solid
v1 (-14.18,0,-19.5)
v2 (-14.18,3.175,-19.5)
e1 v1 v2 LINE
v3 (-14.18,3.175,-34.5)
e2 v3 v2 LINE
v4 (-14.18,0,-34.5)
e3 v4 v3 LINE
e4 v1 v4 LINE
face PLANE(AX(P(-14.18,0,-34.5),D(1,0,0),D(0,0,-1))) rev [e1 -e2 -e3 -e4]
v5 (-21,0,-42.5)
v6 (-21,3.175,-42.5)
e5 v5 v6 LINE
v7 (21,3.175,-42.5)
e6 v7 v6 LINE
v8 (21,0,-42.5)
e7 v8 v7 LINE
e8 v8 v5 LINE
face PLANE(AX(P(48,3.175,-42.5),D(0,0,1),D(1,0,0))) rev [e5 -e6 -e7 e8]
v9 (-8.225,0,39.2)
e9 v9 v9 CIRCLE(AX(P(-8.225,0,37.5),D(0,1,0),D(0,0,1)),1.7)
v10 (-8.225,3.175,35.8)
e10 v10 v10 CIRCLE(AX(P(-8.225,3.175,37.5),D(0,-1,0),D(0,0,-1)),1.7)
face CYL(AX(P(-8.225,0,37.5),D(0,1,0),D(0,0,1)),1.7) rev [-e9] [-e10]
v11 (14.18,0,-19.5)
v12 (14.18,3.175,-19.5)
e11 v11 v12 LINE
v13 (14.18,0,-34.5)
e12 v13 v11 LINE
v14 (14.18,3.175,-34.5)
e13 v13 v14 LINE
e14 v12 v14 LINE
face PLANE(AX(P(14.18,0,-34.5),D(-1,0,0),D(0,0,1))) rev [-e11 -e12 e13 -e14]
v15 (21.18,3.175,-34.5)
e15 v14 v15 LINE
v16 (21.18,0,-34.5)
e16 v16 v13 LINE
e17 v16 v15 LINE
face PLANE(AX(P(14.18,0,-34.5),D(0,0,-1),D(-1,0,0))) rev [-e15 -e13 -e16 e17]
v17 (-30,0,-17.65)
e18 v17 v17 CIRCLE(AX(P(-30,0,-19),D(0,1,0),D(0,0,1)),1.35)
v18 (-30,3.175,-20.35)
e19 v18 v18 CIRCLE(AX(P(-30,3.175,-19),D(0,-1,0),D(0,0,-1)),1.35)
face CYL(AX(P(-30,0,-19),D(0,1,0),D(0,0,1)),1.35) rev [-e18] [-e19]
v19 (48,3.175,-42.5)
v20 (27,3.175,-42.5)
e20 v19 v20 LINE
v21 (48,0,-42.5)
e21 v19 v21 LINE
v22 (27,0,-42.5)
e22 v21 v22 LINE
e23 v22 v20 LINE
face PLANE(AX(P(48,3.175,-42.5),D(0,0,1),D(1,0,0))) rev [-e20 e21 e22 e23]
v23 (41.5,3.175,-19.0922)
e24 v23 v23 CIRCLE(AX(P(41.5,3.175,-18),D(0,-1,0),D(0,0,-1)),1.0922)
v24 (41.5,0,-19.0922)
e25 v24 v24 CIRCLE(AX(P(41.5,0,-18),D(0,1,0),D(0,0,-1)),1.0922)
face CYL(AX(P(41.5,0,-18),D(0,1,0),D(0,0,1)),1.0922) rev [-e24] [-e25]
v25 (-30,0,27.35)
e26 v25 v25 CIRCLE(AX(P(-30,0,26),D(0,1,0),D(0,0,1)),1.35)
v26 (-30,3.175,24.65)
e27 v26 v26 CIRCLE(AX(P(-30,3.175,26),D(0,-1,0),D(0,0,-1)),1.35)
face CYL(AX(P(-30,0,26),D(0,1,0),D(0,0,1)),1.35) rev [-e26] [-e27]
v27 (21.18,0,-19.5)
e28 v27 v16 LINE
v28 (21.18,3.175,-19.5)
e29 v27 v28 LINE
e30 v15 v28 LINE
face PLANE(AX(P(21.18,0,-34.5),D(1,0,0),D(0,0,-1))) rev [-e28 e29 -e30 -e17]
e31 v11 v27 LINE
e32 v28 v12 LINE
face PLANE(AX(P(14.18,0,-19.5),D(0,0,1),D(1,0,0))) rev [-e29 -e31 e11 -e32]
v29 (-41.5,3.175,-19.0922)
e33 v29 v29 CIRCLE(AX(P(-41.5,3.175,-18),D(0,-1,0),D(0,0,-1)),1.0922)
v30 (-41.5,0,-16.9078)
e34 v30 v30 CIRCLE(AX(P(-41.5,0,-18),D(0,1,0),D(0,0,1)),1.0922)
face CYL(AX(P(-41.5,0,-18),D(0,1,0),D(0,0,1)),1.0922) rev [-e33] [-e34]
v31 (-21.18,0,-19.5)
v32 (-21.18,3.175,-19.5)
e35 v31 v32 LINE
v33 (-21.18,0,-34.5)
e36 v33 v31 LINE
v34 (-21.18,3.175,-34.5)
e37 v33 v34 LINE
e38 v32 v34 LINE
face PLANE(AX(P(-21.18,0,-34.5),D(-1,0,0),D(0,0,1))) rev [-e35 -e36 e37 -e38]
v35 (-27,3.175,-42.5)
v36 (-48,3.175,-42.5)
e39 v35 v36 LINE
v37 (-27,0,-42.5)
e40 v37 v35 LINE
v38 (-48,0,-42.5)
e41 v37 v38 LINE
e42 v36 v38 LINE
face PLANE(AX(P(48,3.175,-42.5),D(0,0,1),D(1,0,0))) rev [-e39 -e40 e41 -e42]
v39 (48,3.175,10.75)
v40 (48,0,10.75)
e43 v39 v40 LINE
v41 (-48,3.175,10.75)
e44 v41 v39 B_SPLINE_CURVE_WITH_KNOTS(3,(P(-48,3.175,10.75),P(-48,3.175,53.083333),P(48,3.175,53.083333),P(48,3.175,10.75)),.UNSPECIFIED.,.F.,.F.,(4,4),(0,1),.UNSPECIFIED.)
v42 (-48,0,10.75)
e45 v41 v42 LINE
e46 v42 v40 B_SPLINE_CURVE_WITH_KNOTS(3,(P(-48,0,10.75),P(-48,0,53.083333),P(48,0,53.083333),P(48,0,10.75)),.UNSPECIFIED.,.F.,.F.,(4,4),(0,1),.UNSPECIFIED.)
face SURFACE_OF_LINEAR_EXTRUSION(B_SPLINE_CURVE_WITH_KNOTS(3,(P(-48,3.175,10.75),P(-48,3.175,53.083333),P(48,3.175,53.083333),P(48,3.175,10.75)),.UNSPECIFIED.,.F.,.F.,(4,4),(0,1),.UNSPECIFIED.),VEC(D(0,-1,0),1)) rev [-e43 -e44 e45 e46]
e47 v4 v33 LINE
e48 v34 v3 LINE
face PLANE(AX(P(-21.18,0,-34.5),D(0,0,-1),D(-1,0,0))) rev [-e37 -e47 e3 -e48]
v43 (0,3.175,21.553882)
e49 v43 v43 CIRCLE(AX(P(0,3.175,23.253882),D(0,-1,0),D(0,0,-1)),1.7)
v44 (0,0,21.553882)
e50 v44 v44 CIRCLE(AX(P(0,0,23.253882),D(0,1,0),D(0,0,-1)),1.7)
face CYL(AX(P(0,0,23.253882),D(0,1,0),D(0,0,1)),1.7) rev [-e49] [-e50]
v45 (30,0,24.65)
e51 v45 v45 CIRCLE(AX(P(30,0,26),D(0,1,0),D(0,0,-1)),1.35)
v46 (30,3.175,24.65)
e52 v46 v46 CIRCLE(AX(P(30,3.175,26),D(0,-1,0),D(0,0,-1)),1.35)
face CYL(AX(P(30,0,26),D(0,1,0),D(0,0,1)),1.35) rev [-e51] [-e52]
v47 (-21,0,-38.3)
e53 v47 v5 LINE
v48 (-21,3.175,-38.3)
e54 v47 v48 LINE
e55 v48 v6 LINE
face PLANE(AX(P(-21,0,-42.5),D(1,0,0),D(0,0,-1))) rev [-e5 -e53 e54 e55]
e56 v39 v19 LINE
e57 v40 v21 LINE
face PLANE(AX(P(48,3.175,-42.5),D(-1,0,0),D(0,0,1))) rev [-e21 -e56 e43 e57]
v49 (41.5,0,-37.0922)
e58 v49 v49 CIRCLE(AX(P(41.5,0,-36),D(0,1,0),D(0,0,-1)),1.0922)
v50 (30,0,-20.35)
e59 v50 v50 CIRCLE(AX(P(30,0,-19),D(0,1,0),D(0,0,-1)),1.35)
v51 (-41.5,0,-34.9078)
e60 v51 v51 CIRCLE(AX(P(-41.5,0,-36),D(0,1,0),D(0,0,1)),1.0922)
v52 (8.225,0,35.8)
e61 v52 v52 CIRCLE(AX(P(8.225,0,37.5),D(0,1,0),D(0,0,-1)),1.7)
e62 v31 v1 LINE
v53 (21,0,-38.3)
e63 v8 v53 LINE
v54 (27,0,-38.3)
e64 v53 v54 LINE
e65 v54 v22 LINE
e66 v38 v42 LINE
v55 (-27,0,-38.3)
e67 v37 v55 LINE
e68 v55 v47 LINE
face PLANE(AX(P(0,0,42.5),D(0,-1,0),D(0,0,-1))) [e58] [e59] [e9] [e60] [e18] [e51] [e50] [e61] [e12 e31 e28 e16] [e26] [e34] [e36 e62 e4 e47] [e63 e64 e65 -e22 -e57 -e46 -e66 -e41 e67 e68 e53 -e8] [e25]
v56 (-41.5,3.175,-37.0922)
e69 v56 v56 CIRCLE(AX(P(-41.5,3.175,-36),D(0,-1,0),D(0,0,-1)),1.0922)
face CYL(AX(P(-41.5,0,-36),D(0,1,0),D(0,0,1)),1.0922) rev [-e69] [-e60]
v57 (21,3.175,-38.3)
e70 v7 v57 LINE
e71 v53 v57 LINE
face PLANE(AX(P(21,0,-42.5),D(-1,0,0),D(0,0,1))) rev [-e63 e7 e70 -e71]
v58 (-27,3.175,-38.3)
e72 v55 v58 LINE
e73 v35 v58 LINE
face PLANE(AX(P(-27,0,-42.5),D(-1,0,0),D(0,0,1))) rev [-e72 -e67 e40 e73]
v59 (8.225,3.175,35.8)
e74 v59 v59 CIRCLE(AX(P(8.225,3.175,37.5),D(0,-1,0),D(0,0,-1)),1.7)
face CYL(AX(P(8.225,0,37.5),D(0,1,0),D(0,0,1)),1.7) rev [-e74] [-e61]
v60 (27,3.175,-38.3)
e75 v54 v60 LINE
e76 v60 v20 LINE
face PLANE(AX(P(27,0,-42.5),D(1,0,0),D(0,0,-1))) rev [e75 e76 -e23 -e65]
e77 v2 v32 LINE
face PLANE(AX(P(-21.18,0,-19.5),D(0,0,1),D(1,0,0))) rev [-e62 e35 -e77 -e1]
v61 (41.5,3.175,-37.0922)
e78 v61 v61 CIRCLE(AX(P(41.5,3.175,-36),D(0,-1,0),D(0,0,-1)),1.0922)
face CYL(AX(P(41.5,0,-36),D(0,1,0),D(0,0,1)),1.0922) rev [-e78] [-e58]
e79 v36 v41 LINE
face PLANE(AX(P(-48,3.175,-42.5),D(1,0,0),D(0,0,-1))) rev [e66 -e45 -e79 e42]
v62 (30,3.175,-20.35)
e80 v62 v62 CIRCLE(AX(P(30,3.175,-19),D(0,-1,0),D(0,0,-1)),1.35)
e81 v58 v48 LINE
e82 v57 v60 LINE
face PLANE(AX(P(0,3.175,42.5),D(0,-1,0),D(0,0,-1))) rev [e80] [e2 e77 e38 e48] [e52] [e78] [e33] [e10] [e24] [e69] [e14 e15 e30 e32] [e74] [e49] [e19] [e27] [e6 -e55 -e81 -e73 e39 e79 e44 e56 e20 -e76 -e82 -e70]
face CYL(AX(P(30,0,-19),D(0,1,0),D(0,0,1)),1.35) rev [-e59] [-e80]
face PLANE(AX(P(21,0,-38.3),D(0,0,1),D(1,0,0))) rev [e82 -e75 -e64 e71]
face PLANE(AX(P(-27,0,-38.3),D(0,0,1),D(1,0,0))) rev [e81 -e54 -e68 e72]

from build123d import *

# Parameters (mm, degrees)
BOSS_EXTRUDE1_DEPTH     = 3.175
CUT_EXTRUDE1_DEPTH      = 65.189801711
CUT_EXTRUDE1_DEPTH_BACK = 65.189801711
SKETCH3_R               = 1.0922
SKETCH3_R_2             = 1.35
SKETCH3_R_3             = 1.7
SKETCH3_W               = 7
SKETCH3_H               = 15
SKETCH5_W               = 6
SKETCH5_H               = 4.2
CUT_EXTRUDE2_DEPTH      = 65.189801711


with BuildPart() as part:
    # Sketch2 → Boss-Extrude1 (new body)
    with BuildSketch(Plane(origin=(0, 0, 0), x_dir=(1, 0, 0), z_dir=(0, 1, 0))):
        with BuildLine():
            Line((48, 42.5), (-48, 42.5))
            Line((-48, 42.5), (-48, -10.75))
            add(Edge.make_bspline(
                [(-48, -10.75), (-48, -53.083333333), (48, -53.083333333), (48, -10.75)],
                knots=[0, 0, 0, 0, 1, 1, 1, 1], degree=3))
            Line((48, -10.75), (48, 42.5))
        make_face()
    extrude(amount=BOSS_EXTRUDE1_DEPTH)

    # Sketch3 → Cut-Extrude1 (cut, two sides: drawn at the far end of the back side and taken through both)
    with BuildSketch(Plane(origin=(0, 3.175, 0), x_dir=(1, 0, 0), z_dir=(0, 1, 0)).offset(-CUT_EXTRUDE1_DEPTH_BACK)):
        with Locations(Location((-41.5, 36, 0), (0, 0, 270))):
            Circle(SKETCH3_R)
        with Locations(Location((-41.5, 18, 0), (0, 0, 270))):
            Circle(SKETCH3_R)
        with Locations(Location((-30, 19, 0), (0, 0, 270))):
            Circle(SKETCH3_R_2)
        with Locations(Location((41.5, 18, 0), (0, 0, 90))):
            Circle(SKETCH3_R)
        with Locations(Location((41.5, 36, 0), (0, 0, 90))):
            Circle(SKETCH3_R)
        with Locations(Location((-30, -26, 0), (0, 0, 270))):
            Circle(SKETCH3_R_2)
        with Locations(Location((30, -26, 0), (0, 0, 90))):
            Circle(SKETCH3_R_2)
        with Locations(Location((30, 19, 0), (0, 0, 90))):
            Circle(SKETCH3_R_2)
        with Locations(Location((-8.225, -37.5, 0), (0, 0, 270))):
            Circle(SKETCH3_R_3)
        with Locations(Location((8.225, -37.5, 0), (0, 0, 90))):
            Circle(SKETCH3_R_3)
        with Locations(Location((0, -23.253882108, 0), (0, 0, 90))):
            Circle(SKETCH3_R_3)
        with Locations((-17.68, 27)):
            Rectangle(SKETCH3_W, SKETCH3_H)
        with Locations((17.68, 27)):
            Rectangle(SKETCH3_W, SKETCH3_H)
    extrude(amount=CUT_EXTRUDE1_DEPTH + CUT_EXTRUDE1_DEPTH_BACK, mode=Mode.SUBTRACT)

    # Sketch5 → Cut-Extrude2 (cut, through all)
    with BuildSketch(Plane(origin=(0, 3.175, 0), x_dir=(1, 0, 0), z_dir=(0, 1, 0))):
        with Locations((24, 40.4)):
            Rectangle(SKETCH5_W, SKETCH5_H)
        with Locations((-24, 40.4)):
            Rectangle(SKETCH5_W, SKETCH5_H)
    extrude(amount=-CUT_EXTRUDE2_DEPTH, mode=Mode.SUBTRACT)


solid = part.part
